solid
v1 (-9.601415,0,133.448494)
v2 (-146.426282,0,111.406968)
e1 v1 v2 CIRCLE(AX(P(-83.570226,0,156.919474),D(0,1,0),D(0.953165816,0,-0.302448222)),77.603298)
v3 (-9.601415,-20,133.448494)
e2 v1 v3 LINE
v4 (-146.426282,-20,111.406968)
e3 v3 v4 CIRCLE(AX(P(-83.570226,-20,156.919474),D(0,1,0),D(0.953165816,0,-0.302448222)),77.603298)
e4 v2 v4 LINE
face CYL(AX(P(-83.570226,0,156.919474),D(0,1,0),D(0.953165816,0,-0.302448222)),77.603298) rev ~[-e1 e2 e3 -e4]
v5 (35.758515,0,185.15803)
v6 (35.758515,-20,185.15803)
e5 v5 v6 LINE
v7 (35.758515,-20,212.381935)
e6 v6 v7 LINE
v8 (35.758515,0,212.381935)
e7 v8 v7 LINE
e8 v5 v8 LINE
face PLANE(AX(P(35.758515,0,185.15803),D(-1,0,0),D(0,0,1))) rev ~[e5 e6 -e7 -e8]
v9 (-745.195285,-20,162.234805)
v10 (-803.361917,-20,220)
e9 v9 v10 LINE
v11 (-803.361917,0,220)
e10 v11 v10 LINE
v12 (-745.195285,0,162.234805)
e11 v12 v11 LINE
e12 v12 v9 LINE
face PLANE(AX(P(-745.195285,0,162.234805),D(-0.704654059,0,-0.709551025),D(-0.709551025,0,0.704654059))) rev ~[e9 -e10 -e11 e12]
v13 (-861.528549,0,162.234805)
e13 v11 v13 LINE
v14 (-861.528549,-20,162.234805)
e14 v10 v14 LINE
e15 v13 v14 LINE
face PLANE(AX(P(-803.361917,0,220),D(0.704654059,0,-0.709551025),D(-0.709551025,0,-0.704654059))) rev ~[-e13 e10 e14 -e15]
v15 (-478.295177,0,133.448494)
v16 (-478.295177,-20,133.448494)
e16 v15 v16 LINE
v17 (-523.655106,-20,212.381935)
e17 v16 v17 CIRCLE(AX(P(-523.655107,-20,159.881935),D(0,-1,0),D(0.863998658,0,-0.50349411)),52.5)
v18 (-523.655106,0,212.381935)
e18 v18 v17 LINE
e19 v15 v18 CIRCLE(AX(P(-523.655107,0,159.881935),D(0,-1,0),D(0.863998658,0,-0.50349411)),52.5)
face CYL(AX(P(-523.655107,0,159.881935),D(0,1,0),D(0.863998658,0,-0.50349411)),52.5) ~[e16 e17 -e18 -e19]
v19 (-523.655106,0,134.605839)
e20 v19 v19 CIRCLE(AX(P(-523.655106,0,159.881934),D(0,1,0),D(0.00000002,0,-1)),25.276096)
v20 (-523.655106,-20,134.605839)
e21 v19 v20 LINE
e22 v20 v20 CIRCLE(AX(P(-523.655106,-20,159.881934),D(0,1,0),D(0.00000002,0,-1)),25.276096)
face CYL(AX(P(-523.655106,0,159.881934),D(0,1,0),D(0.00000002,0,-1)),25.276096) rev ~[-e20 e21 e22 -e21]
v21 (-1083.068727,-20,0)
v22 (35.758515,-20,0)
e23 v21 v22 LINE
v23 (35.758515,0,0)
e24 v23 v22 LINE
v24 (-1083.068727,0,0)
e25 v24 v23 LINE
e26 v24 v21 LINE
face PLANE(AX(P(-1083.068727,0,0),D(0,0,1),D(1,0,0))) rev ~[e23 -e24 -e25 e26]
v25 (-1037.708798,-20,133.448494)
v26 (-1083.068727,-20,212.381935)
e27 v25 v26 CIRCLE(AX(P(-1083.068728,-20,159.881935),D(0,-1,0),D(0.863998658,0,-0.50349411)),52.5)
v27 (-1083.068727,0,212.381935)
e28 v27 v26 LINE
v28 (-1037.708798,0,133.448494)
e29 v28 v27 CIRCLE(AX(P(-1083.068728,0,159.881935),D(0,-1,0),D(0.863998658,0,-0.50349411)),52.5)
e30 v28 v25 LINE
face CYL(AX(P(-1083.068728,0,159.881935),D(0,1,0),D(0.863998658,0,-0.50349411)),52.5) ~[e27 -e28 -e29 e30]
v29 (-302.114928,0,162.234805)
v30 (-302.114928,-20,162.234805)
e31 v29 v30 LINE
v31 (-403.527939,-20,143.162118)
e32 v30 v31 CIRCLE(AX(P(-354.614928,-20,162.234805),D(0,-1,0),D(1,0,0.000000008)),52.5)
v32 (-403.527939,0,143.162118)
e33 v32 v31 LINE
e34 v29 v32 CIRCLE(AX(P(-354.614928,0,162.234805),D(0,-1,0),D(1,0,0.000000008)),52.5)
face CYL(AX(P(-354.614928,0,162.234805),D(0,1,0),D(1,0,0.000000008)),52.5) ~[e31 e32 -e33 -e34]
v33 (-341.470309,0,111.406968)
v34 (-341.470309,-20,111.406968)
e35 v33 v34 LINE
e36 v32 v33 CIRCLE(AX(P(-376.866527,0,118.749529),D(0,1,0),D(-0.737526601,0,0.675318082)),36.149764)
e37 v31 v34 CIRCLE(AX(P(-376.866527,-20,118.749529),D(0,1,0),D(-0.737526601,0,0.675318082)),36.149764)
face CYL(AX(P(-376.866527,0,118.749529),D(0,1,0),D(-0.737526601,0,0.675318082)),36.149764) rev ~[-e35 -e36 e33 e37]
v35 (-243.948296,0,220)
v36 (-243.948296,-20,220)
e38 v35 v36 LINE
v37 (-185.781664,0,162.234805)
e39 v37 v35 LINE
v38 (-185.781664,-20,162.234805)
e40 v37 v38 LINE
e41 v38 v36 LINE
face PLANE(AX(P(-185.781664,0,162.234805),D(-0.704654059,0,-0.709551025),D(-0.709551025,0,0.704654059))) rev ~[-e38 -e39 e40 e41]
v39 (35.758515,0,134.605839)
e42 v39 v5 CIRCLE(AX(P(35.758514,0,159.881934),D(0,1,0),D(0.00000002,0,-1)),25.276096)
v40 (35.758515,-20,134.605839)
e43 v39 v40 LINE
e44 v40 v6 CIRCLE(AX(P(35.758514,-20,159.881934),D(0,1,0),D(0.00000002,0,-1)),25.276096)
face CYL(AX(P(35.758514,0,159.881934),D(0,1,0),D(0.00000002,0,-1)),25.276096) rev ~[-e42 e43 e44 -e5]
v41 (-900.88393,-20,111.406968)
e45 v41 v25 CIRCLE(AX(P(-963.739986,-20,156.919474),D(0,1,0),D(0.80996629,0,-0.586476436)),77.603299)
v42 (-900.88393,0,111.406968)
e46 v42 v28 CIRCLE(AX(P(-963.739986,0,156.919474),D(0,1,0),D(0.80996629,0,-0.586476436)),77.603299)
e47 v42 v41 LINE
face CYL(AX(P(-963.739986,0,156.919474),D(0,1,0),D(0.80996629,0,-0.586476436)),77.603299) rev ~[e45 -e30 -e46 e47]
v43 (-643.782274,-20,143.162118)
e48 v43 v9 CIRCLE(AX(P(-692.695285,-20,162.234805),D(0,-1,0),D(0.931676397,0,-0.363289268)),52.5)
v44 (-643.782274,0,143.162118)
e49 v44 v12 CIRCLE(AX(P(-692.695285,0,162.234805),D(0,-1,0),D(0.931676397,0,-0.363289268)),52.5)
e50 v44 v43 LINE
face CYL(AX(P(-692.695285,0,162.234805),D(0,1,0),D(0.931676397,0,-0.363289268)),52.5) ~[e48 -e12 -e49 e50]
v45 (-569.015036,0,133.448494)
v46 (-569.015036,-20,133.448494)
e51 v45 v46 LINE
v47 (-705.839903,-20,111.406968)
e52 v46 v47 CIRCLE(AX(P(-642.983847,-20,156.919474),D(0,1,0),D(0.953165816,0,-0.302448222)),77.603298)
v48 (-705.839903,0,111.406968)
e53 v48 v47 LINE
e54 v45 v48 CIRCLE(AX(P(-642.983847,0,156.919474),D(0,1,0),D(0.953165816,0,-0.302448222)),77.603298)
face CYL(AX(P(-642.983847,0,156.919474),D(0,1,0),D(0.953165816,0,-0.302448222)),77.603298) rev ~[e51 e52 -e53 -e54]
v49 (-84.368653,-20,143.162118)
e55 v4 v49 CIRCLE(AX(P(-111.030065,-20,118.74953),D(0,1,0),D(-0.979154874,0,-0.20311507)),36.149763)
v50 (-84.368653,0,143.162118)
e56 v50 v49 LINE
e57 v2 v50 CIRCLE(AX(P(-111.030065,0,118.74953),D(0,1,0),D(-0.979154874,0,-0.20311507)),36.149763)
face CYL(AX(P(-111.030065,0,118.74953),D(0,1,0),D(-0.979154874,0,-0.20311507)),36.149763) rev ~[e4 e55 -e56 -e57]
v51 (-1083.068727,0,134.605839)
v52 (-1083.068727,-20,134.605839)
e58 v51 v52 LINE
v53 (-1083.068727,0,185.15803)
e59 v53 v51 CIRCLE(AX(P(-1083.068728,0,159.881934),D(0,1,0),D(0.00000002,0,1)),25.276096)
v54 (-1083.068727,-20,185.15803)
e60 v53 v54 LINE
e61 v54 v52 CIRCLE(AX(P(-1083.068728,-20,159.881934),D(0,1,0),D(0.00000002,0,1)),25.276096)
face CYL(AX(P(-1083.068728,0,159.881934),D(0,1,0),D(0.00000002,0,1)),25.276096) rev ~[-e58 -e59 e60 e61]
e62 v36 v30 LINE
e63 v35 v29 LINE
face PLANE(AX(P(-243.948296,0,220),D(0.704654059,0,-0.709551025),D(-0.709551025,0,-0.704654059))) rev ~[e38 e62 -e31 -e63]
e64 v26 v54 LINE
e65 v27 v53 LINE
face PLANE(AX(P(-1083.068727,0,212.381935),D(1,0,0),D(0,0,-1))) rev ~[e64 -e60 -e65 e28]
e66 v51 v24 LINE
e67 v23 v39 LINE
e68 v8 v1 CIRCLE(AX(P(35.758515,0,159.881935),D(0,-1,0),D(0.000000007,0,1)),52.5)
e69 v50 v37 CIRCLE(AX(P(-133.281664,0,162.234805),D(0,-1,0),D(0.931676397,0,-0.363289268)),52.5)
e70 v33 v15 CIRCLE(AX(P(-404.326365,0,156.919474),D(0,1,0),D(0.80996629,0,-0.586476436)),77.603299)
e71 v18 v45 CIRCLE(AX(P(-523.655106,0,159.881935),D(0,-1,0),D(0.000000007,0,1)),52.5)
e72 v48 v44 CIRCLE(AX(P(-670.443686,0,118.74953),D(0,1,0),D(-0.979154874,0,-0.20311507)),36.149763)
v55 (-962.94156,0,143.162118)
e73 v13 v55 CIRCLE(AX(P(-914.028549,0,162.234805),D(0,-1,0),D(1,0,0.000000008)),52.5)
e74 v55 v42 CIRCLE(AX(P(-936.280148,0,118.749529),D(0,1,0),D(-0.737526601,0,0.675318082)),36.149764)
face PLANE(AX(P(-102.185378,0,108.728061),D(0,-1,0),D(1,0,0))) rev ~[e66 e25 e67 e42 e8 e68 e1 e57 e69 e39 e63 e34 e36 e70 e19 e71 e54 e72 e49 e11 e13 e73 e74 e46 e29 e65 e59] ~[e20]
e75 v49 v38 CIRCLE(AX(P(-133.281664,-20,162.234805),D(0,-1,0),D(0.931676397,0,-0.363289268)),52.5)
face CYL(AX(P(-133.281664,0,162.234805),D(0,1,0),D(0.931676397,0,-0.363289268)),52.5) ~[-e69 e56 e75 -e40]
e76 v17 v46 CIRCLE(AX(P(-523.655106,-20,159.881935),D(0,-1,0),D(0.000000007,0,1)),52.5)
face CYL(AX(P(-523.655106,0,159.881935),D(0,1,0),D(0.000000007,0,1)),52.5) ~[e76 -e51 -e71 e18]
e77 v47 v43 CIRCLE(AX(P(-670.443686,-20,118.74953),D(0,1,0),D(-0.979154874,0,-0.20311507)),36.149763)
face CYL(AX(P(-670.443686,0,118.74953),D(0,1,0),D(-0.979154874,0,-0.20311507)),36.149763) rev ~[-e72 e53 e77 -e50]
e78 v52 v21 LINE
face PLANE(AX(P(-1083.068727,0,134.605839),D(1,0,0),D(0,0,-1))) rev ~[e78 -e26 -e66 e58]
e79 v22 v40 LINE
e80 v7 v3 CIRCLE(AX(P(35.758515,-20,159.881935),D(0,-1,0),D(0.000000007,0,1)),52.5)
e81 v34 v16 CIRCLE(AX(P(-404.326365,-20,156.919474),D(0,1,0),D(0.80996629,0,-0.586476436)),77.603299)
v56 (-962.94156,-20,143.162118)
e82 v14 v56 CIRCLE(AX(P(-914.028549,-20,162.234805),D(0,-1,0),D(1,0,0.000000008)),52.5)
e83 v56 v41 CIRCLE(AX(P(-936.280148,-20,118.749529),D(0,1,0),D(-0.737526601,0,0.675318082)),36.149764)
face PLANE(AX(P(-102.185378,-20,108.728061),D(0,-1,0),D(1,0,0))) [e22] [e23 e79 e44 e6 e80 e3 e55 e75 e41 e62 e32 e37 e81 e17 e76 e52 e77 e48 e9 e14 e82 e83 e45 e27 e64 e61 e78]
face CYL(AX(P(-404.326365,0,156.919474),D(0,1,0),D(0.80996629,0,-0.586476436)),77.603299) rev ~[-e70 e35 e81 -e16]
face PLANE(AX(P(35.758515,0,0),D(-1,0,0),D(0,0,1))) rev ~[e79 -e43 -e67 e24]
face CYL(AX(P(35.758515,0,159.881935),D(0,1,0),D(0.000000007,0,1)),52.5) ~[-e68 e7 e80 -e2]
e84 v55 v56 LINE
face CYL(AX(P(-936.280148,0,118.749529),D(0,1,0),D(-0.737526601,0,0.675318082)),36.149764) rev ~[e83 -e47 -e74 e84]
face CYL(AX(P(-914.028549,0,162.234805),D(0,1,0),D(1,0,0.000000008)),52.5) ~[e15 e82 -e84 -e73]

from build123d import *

# Parameters (mm, degrees)
F1_DEPTH = 20


with BuildPart() as f1:
    # F0 (on Front) → F1 (new body)
    with BuildSketch(Plane.XZ):
        with BuildLine():
            Line((-243.948296, 0), (-23.655106, 0))
            Line((-23.655106, 0), (35.758515, 0))
            Line((35.758515, 0), (35.758515, 134.605839))
            ThreePointArc((35.758515, 134.605839), (10.482419, 159.881935), (35.758515, 185.15803))
            Line((35.758515, 185.15803), (35.758515, 212.381935))
            ThreePointArc((35.758515, 212.381935), (-9.760743, 186.040054), (-9.601415, 133.448494))
            ThreePointArc((-9.601415, 133.448494), (-71.228, 80.303931), (-146.426282, 111.406968))
            ThreePointArc((-146.426282, 111.406968), (-127.497354, 150.930794), (-84.368653, 143.162118))
            ThreePointArc((-84.368653, 143.162118), (-123.578135, 213.830265), (-185.781664, 162.234805))
            Line((-185.781664, 162.234805), (-243.948296, 220))
            Line((-243.948296, 220), (-243.948296, 0))
        make_face()
        with BuildLine():
            Line((-464.241485, 0), (-243.948296, 0))
            Line((-243.948296, 0), (-243.948296, 220))
            Line((-243.948296, 220), (-302.114928, 162.234805))
            ThreePointArc((-302.114928, 162.234805), (-364.318457, 213.830265), (-403.527939, 143.162118))
            ThreePointArc((-403.527939, 143.162118), (-360.399238, 150.930794), (-341.470309, 111.406968))
            ThreePointArc((-341.470309, 111.406968), (-416.668592, 80.303931), (-478.295177, 133.448494))
            ThreePointArc((-478.295177, 133.448494), (-478.135849, 186.040054), (-523.655106, 212.381935))
            Line((-523.655106, 212.381935), (-523.655106, 185.15803))
            ThreePointArc((-523.655106, 185.15803), (-498.379011, 159.881935), (-523.655106, 134.605839))
            Line((-523.655106, 134.605839), (-523.655106, 0))
            Line((-523.655106, 0), (-464.241485, 0))
        make_face()
        with BuildLine():
            Line((-583.068727, 0), (-523.655106, 0))
            Line((-523.655106, 0), (-523.655106, 134.605839))
            ThreePointArc((-523.655106, 134.605839), (-548.931202, 159.881935), (-523.655106, 185.15803))
            Line((-523.655106, 185.15803), (-523.655106, 212.381935))
            ThreePointArc((-523.655106, 212.381935), (-569.174364, 186.040054), (-569.015036, 133.448494))
            ThreePointArc((-569.015036, 133.448494), (-630.641621, 80.303931), (-705.839903, 111.406968))
            ThreePointArc((-705.839903, 111.406968), (-686.910975, 150.930794), (-643.782274, 143.162118))
            ThreePointArc((-643.782274, 143.162118), (-682.991756, 213.830265), (-745.195285, 162.234805))
            Line((-745.195285, 162.234805), (-803.361917, 220))
            Line((-803.361917, 220), (-803.361917, 0))
            Line((-803.361917, 0), (-583.068727, 0))
        make_face()
        with BuildLine():
            Line((-1023.655106, 0), (-803.361917, 0))
            Line((-803.361917, 0), (-803.361917, 220))
            Line((-803.361917, 220), (-861.528549, 162.234805))
            ThreePointArc((-861.528549, 162.234805), (-923.732078, 213.830265), (-962.94156, 143.162118))
            ThreePointArc((-962.94156, 143.162118), (-919.812859, 150.930794), (-900.88393, 111.406968))
            ThreePointArc((-900.88393, 111.406968), (-976.082213, 80.303931), (-1037.708798, 133.448494))
            ThreePointArc((-1037.708798, 133.448494), (-1037.54947, 186.040054), (-1083.068727, 212.381935))
            Line((-1083.068727, 212.381935), (-1083.068727, 185.15803))
            ThreePointArc((-1083.068727, 185.15803), (-1057.792632, 159.881935), (-1083.068727, 134.605839))
            Line((-1083.068727, 134.605839), (-1083.068727, 0))
            Line((-1083.068727, 0), (-1023.655106, 0))
        make_face()
    extrude(amount=F1_DEPTH)


solid = f1.part
